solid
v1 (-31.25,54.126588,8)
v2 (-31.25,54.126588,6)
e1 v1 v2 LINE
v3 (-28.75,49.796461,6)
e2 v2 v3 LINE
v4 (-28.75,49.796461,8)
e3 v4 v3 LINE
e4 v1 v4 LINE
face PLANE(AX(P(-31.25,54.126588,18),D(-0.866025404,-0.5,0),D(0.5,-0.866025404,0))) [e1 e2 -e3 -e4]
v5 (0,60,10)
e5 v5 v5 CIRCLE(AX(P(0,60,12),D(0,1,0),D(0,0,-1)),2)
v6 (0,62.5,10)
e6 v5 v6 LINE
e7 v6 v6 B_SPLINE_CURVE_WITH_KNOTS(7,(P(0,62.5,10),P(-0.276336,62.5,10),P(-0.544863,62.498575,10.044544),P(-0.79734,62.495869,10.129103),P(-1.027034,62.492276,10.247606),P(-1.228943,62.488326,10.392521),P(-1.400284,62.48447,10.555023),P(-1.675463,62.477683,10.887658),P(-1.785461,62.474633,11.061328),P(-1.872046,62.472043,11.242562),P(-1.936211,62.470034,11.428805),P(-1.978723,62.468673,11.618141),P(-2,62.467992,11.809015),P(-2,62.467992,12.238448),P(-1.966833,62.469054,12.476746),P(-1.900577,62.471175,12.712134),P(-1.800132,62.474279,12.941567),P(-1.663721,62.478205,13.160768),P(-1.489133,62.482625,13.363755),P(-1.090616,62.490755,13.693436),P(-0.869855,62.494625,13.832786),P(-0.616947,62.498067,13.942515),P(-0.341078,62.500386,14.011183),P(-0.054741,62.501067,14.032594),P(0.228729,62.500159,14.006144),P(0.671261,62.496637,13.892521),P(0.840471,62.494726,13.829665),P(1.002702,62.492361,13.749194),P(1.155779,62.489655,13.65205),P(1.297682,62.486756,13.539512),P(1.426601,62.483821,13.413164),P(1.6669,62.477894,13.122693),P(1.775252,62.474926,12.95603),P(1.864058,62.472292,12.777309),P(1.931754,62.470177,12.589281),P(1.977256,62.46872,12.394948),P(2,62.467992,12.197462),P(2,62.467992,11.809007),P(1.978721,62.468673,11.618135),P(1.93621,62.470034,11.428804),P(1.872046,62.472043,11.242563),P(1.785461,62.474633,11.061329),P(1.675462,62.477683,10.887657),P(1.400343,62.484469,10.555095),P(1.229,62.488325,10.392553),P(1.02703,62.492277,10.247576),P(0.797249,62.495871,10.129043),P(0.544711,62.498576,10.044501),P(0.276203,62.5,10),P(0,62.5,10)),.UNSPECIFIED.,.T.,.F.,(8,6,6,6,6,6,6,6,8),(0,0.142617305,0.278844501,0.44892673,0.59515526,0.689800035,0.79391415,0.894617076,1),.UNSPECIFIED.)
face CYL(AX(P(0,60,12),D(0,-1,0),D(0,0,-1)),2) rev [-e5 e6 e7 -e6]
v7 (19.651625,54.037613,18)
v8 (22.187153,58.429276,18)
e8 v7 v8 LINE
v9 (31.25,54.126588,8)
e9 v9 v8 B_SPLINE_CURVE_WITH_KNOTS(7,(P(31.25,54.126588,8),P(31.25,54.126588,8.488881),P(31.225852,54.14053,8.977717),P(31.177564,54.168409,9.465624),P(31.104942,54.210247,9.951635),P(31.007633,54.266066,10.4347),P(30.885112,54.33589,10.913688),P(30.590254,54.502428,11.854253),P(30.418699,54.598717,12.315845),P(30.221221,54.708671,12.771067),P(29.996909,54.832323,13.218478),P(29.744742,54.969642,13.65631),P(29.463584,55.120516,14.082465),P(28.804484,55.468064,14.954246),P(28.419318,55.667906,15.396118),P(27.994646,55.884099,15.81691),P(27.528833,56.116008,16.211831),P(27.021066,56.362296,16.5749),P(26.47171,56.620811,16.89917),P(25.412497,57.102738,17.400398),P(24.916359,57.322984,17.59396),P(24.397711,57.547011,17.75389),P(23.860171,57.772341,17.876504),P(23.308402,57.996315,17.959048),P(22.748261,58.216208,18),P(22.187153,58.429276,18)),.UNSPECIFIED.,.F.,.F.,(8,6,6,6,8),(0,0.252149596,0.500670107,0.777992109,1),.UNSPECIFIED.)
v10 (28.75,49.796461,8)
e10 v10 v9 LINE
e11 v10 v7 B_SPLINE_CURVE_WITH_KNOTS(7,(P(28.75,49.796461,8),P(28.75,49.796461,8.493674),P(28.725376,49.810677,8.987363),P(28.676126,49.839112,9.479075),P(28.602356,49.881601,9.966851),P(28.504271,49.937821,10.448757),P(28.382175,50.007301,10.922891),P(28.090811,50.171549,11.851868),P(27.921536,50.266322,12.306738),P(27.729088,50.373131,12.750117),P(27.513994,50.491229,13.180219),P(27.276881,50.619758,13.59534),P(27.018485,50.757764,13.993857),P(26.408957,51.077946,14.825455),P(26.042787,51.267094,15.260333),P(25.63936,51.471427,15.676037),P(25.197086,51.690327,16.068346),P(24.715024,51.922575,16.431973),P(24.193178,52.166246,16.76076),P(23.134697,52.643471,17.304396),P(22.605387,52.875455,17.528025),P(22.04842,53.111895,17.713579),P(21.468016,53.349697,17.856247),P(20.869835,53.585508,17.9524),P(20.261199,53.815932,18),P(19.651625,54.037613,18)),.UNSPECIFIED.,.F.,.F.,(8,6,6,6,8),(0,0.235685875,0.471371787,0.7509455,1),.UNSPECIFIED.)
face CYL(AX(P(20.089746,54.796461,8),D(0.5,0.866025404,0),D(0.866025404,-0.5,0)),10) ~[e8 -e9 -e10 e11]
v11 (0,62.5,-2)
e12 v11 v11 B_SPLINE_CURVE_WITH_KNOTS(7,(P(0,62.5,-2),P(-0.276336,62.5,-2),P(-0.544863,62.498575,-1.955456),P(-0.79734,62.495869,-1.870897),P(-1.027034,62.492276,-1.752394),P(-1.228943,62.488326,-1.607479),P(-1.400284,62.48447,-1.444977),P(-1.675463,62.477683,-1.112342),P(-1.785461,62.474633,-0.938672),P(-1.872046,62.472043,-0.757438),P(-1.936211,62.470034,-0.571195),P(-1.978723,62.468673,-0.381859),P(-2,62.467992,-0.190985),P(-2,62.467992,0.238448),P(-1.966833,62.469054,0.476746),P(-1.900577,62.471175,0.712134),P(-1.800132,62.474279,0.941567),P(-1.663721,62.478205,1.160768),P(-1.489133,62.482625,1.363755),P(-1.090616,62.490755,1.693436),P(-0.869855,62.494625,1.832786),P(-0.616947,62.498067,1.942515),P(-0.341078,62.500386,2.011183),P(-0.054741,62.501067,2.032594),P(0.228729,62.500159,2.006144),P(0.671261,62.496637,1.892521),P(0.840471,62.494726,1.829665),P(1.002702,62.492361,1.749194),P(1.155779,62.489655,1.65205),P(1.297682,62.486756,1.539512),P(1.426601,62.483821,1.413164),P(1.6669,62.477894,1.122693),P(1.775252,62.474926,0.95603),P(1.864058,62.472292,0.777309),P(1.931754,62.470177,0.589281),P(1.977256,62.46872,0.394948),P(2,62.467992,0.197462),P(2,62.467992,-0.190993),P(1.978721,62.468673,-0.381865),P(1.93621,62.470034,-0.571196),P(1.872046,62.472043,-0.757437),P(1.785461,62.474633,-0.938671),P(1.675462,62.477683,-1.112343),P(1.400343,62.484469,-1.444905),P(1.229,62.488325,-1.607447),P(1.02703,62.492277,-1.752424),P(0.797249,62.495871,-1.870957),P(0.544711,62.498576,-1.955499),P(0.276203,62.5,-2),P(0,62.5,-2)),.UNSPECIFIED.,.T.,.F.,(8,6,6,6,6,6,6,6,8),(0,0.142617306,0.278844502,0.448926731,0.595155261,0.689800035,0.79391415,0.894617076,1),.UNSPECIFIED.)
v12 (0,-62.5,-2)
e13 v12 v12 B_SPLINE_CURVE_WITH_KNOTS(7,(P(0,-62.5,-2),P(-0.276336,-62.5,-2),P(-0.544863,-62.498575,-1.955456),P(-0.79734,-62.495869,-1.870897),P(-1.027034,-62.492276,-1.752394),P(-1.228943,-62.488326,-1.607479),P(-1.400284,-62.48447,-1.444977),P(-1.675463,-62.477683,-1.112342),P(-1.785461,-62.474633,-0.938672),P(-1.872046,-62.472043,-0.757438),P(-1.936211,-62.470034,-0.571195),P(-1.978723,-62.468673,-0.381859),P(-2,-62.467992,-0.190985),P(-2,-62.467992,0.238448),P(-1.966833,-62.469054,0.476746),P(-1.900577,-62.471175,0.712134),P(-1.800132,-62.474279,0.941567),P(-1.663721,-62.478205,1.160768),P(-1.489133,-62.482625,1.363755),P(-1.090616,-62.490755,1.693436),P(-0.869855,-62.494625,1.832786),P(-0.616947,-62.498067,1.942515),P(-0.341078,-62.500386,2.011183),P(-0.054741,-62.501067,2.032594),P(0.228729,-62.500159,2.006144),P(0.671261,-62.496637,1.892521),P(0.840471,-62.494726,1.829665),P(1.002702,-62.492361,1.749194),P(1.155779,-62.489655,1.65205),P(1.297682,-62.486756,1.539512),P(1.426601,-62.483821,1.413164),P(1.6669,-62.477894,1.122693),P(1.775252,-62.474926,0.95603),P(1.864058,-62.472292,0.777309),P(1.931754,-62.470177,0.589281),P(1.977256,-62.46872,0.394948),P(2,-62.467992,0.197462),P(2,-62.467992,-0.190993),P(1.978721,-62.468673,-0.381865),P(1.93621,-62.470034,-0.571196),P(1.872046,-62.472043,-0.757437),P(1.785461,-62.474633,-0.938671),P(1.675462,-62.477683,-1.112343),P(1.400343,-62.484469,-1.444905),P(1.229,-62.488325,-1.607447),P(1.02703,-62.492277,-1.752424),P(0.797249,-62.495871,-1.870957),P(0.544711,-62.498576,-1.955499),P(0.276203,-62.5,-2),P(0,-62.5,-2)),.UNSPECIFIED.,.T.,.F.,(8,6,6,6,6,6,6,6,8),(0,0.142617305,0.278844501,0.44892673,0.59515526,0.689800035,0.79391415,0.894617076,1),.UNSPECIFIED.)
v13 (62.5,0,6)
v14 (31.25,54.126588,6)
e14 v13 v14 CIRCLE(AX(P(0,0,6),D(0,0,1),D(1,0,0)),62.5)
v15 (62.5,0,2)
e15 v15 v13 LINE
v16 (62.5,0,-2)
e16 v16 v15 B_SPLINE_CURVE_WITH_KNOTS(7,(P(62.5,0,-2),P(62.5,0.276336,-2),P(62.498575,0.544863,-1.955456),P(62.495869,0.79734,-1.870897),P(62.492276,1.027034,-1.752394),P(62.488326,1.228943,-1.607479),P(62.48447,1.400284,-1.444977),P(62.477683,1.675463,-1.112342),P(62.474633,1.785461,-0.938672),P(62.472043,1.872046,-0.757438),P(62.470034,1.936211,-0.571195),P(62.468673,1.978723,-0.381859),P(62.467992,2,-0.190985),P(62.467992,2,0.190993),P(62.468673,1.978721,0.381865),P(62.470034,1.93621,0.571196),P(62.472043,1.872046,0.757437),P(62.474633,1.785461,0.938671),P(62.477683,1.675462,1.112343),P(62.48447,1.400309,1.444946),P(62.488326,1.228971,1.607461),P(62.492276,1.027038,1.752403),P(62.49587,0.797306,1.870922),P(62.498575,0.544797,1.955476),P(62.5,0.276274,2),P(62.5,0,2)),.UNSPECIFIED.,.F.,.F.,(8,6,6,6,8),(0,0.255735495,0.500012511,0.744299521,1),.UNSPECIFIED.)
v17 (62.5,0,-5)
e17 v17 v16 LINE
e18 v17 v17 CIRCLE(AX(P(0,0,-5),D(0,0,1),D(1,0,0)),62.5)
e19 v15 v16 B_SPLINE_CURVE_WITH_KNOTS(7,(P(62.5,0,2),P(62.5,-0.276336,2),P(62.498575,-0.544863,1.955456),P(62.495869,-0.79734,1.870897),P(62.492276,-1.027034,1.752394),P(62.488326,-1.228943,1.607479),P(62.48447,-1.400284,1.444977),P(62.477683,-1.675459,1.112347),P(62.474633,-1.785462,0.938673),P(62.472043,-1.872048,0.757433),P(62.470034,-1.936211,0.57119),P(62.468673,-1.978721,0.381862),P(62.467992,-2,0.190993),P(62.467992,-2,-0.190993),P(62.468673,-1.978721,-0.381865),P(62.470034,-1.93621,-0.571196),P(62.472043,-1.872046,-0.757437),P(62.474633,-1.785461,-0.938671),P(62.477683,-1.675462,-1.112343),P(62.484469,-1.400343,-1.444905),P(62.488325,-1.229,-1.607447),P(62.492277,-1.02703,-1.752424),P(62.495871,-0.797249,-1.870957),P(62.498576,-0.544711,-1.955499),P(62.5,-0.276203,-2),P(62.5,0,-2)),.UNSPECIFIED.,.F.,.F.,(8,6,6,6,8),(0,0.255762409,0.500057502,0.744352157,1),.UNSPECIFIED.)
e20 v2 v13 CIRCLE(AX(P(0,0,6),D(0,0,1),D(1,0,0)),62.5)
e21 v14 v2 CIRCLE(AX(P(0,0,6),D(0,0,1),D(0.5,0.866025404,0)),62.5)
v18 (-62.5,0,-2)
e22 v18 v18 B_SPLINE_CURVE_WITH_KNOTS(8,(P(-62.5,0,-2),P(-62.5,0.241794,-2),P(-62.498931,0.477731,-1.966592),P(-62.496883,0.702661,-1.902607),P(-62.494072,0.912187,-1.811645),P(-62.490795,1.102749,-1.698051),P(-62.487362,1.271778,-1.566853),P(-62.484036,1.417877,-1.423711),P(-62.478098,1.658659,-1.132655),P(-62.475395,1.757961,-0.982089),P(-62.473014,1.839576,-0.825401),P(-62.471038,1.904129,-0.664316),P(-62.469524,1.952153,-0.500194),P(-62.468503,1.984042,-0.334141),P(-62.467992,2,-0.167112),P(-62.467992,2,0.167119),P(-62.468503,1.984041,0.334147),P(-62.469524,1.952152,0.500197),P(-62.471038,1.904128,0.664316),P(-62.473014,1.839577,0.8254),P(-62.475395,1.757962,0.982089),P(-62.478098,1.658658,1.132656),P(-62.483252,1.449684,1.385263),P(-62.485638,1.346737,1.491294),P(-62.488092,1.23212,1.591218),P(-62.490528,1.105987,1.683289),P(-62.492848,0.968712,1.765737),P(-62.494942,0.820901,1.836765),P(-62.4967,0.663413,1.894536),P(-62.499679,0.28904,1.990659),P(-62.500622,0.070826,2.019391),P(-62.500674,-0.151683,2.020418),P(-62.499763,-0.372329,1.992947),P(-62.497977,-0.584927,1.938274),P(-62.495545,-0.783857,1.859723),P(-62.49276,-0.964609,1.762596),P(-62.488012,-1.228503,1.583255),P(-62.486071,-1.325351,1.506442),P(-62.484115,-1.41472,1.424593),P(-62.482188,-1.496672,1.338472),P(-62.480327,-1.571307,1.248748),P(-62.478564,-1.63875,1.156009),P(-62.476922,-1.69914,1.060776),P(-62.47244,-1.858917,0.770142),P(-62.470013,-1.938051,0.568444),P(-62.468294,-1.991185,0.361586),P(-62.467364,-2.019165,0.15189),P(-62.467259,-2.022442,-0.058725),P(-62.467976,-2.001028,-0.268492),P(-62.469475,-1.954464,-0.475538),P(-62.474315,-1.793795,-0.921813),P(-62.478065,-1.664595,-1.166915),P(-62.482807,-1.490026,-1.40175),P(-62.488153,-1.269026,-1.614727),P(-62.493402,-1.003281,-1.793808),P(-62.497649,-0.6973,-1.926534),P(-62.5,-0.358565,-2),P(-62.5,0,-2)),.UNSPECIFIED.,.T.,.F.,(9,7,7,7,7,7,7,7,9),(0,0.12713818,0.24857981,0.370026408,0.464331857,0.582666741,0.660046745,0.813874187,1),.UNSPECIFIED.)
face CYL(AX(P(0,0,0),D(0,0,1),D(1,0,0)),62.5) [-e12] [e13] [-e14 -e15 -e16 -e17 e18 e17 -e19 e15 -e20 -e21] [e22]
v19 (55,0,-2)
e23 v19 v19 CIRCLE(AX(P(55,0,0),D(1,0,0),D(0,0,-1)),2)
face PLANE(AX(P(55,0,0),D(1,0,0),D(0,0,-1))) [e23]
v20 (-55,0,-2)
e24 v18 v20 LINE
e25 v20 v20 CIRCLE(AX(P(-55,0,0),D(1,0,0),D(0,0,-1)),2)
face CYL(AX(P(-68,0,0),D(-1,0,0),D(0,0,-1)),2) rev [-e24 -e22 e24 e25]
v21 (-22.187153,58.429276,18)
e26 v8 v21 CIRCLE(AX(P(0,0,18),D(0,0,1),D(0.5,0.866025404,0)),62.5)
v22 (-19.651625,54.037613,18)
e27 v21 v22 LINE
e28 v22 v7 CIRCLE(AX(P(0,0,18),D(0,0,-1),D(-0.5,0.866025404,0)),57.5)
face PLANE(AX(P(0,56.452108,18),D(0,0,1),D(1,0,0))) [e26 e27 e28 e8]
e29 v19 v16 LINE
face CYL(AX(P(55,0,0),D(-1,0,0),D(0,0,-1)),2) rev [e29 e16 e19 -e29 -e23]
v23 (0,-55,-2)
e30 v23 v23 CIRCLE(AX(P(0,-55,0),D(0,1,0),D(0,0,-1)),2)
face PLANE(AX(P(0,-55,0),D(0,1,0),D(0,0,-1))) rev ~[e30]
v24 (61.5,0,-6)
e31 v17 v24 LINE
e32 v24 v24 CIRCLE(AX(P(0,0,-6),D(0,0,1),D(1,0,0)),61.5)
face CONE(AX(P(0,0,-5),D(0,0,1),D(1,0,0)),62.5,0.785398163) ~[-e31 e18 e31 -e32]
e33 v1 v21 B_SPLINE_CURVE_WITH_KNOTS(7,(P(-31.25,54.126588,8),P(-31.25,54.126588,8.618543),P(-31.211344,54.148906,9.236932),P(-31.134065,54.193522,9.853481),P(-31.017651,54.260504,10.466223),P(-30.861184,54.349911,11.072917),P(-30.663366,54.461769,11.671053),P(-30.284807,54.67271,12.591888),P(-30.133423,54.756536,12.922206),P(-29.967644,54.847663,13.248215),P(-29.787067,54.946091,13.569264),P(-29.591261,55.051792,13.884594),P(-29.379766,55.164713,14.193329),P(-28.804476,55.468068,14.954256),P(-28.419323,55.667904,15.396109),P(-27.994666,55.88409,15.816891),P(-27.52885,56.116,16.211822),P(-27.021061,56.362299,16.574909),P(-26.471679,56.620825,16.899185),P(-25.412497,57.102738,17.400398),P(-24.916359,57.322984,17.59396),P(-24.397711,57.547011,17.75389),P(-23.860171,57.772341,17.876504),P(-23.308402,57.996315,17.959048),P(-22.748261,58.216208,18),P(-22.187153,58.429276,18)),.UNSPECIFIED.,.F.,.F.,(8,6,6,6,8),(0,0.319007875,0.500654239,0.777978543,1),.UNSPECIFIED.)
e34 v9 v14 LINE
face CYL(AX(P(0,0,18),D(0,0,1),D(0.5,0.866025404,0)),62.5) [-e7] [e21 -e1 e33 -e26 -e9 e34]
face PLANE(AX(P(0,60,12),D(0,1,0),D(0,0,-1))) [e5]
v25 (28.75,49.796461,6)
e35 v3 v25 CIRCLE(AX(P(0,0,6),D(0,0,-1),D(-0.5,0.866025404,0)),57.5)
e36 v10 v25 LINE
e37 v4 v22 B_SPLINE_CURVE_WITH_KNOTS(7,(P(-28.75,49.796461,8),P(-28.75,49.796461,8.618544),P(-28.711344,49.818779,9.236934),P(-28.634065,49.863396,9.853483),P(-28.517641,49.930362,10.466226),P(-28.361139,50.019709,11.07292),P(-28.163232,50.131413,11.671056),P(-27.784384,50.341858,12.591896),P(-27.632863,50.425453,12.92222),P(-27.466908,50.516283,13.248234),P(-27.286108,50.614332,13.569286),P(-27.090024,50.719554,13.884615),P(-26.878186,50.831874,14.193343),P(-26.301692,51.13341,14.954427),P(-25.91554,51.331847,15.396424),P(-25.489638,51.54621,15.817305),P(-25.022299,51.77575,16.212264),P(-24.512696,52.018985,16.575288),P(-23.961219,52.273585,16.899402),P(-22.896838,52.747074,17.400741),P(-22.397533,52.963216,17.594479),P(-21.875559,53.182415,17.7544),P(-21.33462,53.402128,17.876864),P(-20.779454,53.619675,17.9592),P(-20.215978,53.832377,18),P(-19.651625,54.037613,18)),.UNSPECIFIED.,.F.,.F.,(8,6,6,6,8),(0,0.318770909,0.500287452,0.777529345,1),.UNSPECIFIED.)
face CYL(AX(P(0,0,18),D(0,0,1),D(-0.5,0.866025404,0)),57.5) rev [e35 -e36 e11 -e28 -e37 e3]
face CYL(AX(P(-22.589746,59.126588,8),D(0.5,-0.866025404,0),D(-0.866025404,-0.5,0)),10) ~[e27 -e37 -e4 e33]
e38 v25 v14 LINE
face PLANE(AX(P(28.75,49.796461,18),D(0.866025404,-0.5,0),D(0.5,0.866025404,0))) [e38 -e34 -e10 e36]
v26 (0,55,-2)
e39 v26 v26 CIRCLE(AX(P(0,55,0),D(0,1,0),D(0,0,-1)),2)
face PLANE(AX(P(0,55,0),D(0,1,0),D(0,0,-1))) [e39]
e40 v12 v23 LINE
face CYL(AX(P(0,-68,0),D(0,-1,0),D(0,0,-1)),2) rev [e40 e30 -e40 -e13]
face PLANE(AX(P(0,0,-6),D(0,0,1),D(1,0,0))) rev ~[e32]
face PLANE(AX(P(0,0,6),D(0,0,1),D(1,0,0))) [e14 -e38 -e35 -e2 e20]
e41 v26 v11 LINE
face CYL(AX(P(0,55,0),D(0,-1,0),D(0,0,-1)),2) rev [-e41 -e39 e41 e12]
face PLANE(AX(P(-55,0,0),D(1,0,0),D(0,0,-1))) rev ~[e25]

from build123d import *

# Parameters (mm, degrees)
SKETCH1_R           = 62.5
BOSS_EXTRUDE1_DEPTH = 6
CUT_EXTRUDE1_START  = 55
SKETCH2_R           = 2
CUT_EXTRUDE1_DEPTH  = 13
CUT_EXTRUDE2_START  = -68
SKETCH2_2_R         = 2
CUT_EXTRUDE2_DEPTH  = 13
CUT_EXTRUDE3_START  = 55
SKETCH3_R           = 2
CUT_EXTRUDE3_DEPTH  = 13
CUT_EXTRUDE4_START  = -68
SKETCH3_2_R         = 2
CUT_EXTRUDE4_DEPTH  = 13
BOSS_EXTRUDE2_START = 12
BOSS_EXTRUDE2_DEPTH = 12
FILLET1_R           = 10
CUT_EXTRUDE8_START  = 60
SKETCH6_R           = 2
CUT_EXTRUDE8_DEPTH  = 12.5
CHAMFER1_SIZE       = 1


with BuildPart() as part:
    # Sketch1 → Boss-Extrude1 (new, symmetric)
    with BuildSketch(Plane.XY):
        Circle(SKETCH1_R)
    extrude(amount=BOSS_EXTRUDE1_DEPTH, both=True)

    # Sketch2 → Cut-Extrude1 (cut)
    with BuildSketch(Plane(origin=(0, 0, 0), x_dir=(1, 0, 0), z_dir=(0, 1, 0)).offset(CUT_EXTRUDE1_START)):
        Circle(SKETCH2_R)
    extrude(amount=CUT_EXTRUDE1_DEPTH, mode=Mode.SUBTRACT)

    # Sketch2<2> → Cut-Extrude2 (cut)
    with BuildSketch(Plane(origin=(0, 0, 0), x_dir=(1, 0, 0), z_dir=(0, 1, 0)).offset(CUT_EXTRUDE2_START)):
        Circle(SKETCH2_2_R)
    extrude(amount=CUT_EXTRUDE2_DEPTH, mode=Mode.SUBTRACT)

    # Sketch3 → Cut-Extrude3 (cut)
    with BuildSketch(Plane(origin=(0, 0, 0), x_dir=(0, 0, -1), z_dir=(1, 0, 0)).offset(CUT_EXTRUDE3_START)):
        Circle(SKETCH3_R)
    extrude(amount=CUT_EXTRUDE3_DEPTH, mode=Mode.SUBTRACT)

    # Sketch3<2> → Cut-Extrude4 (cut)
    with BuildSketch(Plane(origin=(0, 0, 0), x_dir=(0, 0, -1), z_dir=(1, 0, 0)).offset(CUT_EXTRUDE4_START)):
        Circle(SKETCH3_2_R)
    extrude(amount=CUT_EXTRUDE4_DEPTH, mode=Mode.SUBTRACT)

    # Sketch5 → Boss-Extrude2 (add)
    with BuildSketch(Plane.XY.offset(6).offset(BOSS_EXTRUDE2_START)):
        with BuildLine():
            Line((-31.25, 54.126587737), (-28.75, 49.796460718))
            ThreePointArc((-28.75, 49.796460718), (0, 57.5), (28.75, 49.796460718))
            Line((28.75, 49.796460718), (31.25, 54.126587737))
            ThreePointArc((31.25, 54.126587737), (0, 62.5), (-31.25, 54.126587737))
        make_face()
    extrude(amount=-BOSS_EXTRUDE2_DEPTH)

    # Fillet1
    fillet1_edges = [part.edges().sort_by_distance(p)[0] for p in [
        (-30, 51.961524227, 18),
        (30, 51.961524227, 18),
    ]]
    fillet(fillet1_edges, radius=FILLET1_R)

    # Sketch6 → Cut-Extrude8 (cut)
    with BuildSketch(Plane(origin=(0, 0, 0), x_dir=(1, 0, 0), z_dir=(0, 1, 0)).offset(CUT_EXTRUDE8_START)):
        with Locations((0, -12)):
            Circle(SKETCH6_R)
    extrude(amount=CUT_EXTRUDE8_DEPTH, mode=Mode.SUBTRACT)

    # Chamfer1
    chamfer1_edges = [part.edges().sort_by_distance(p)[0] for p in [
        (-62.5, 0, -6),
    ]]
    chamfer(chamfer1_edges, length=CHAMFER1_SIZE)


solid = part.part
